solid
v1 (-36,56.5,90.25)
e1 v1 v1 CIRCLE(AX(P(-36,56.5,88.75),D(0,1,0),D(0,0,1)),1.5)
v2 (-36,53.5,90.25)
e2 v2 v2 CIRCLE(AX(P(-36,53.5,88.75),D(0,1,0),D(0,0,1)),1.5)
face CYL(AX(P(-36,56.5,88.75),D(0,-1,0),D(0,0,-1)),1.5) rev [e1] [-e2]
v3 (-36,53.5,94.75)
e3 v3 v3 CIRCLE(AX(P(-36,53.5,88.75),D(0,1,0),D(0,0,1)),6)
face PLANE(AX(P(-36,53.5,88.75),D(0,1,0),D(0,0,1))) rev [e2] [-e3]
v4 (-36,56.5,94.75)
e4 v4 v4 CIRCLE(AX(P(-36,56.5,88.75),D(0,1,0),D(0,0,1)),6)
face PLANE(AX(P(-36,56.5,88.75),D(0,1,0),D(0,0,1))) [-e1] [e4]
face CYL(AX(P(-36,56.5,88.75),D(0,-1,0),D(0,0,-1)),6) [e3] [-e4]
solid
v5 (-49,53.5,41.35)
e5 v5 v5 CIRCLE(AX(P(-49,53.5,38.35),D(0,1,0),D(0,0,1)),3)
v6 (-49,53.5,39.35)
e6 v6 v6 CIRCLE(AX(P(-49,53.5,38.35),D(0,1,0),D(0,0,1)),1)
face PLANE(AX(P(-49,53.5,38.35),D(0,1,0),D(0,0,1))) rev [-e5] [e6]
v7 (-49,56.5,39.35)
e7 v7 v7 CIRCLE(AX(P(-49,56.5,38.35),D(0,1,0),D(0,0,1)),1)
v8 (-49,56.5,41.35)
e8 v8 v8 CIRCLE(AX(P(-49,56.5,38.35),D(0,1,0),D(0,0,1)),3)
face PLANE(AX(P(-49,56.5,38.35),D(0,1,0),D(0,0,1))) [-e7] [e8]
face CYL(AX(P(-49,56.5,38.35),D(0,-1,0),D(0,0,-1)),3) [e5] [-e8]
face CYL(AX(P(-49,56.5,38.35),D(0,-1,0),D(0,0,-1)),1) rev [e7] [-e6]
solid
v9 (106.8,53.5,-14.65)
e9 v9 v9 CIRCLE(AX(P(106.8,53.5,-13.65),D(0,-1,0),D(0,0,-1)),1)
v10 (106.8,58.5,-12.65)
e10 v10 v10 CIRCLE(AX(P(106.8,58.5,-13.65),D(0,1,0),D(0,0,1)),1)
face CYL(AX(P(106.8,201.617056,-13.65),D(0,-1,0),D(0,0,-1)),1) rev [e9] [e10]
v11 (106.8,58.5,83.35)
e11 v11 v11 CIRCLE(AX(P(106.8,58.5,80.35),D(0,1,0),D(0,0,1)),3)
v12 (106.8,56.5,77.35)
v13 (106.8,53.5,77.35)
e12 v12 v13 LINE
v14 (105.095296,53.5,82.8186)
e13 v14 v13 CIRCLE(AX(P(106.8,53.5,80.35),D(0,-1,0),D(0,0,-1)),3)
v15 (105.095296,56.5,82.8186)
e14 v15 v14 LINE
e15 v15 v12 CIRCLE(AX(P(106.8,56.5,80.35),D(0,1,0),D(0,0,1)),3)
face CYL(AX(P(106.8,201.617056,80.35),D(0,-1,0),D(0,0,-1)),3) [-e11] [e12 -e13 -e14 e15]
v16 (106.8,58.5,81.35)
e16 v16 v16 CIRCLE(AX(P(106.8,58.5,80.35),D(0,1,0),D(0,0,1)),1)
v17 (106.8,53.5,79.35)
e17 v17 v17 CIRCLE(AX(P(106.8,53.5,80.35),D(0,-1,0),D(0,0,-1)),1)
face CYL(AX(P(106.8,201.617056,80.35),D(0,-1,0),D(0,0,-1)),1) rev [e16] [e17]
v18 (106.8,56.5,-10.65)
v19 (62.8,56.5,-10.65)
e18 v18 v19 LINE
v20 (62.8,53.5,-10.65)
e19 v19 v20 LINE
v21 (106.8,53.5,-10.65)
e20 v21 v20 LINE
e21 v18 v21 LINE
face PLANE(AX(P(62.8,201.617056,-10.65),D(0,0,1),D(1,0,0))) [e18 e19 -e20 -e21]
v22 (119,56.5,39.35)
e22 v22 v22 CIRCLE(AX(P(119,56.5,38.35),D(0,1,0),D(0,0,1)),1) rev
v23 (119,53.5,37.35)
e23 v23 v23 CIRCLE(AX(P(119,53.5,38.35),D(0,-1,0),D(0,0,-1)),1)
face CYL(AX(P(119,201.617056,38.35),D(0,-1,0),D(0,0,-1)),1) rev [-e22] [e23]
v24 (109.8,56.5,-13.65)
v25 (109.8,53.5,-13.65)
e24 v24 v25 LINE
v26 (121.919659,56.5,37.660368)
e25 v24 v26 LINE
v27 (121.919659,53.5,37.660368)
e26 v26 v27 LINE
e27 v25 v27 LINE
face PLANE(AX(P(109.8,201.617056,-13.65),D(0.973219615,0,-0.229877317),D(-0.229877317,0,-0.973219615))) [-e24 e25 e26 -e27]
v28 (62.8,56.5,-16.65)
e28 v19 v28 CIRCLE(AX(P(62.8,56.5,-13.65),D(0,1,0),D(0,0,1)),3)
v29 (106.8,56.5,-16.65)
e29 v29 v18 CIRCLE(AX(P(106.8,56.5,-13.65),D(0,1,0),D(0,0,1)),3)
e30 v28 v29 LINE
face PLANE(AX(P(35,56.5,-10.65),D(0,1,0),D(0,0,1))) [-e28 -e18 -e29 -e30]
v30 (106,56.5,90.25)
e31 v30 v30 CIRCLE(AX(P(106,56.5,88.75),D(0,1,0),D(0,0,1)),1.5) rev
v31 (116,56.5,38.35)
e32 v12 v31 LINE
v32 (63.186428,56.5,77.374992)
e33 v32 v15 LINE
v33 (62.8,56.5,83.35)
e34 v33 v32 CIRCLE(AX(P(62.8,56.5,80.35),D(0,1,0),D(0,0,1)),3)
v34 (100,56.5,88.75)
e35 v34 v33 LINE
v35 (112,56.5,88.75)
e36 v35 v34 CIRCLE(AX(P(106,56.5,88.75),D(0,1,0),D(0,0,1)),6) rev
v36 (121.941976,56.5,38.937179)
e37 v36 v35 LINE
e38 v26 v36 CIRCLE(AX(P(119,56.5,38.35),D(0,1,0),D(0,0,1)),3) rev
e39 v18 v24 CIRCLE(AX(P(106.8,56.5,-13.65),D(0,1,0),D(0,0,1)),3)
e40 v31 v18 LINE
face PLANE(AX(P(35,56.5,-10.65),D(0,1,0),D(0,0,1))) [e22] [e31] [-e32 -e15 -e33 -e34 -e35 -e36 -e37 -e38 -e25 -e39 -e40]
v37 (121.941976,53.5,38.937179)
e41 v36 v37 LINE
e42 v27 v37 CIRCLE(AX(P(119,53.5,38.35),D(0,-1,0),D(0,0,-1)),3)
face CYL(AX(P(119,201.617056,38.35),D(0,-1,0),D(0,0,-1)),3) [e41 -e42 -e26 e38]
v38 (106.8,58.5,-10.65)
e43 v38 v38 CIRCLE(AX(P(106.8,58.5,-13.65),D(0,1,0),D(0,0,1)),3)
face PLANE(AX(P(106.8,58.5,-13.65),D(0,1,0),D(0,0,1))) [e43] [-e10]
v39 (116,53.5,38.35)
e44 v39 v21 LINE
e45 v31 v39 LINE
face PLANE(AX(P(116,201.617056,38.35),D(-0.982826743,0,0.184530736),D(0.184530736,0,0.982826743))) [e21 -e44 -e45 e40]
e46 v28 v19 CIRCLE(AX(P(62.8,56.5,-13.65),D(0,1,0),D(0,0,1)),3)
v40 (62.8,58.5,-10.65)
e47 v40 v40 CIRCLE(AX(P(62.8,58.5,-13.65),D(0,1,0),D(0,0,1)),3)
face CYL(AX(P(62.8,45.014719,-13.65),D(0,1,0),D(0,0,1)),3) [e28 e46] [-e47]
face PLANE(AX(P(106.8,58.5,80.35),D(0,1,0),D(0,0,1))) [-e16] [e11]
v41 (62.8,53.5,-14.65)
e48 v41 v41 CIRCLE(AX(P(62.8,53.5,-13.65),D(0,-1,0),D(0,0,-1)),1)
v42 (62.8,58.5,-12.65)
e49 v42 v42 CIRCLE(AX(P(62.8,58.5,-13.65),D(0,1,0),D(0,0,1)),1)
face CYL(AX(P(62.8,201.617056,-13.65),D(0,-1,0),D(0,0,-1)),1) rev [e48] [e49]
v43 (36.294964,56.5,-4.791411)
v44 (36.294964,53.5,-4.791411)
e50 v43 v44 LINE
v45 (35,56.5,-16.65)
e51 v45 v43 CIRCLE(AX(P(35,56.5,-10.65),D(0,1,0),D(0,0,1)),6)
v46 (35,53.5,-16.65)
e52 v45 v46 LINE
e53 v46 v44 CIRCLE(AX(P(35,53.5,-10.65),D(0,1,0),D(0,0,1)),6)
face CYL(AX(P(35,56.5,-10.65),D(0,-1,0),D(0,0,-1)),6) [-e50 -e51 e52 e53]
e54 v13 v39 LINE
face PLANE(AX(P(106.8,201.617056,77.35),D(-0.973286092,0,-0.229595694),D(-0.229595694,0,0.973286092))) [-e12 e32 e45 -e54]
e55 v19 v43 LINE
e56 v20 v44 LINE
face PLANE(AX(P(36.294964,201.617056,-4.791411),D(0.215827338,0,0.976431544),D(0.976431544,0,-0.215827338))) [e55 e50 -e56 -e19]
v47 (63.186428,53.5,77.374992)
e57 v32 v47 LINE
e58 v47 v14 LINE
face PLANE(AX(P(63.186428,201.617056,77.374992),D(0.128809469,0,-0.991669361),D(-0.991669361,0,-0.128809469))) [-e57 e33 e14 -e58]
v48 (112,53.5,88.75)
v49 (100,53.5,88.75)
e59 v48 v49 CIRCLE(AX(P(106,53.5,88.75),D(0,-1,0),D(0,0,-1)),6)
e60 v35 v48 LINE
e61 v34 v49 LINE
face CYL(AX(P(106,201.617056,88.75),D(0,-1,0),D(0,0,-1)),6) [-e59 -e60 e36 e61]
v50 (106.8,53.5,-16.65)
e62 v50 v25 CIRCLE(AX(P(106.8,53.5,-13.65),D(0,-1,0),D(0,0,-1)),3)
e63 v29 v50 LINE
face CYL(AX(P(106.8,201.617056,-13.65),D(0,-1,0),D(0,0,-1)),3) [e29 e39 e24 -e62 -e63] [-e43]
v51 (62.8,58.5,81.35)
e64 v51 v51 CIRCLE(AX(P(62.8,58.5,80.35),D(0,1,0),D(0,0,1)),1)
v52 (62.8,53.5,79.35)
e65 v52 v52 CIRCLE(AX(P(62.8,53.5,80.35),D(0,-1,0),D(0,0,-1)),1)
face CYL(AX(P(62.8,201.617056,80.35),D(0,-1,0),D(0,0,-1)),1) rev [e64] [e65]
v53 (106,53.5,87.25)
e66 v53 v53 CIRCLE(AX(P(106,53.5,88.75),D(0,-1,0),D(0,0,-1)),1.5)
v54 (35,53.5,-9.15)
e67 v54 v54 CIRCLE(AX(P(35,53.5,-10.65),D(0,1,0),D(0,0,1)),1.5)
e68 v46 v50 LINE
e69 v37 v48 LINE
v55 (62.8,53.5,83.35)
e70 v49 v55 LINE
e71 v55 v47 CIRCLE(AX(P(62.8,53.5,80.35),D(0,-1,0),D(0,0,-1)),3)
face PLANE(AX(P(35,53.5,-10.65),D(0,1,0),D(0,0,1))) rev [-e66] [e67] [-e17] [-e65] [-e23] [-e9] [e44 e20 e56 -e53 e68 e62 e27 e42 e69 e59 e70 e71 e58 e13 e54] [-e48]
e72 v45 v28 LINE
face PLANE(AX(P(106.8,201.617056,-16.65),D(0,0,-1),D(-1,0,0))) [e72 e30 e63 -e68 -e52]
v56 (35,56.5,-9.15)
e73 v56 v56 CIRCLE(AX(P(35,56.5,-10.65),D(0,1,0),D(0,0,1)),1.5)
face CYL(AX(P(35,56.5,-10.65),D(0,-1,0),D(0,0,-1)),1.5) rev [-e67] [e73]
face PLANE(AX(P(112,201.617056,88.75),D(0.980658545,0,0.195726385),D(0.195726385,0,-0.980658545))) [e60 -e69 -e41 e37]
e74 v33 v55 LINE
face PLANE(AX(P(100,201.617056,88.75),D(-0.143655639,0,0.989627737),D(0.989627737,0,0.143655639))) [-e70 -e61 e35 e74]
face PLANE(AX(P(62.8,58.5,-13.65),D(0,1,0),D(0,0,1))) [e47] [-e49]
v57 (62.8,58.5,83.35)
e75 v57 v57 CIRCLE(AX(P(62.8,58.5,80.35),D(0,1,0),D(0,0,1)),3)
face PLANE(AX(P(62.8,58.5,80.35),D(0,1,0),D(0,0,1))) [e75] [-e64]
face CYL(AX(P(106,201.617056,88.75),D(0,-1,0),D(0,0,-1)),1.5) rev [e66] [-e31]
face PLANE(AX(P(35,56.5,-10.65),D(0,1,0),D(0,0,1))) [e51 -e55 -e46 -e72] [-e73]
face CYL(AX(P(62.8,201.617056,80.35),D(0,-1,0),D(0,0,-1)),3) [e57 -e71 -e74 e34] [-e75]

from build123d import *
from build123d.topology import SkipClean

# Parameters (mm, degrees)
SKETCH1_R                         = 6
SKETCH1_R_2                       = 1.5
AUDIOHOLDER_LINKS_DEPTH           = 3
AUDIOHOLDER_LINKS_2_DEPTH         = 3
AUDIOHOLDER_LINKS_3_DEPTH         = 3
SKETCH1_R_3                       = 3
SKETCH1_R_4                       = 1
AUDIOHOLDER_LINKS_4_DEPTH         = 3
AUDIOHOLDER_LINKS_5_DEPTH         = 3
SKETCH3_R                         = 3
SKETCH3_R_2                       = 1
MODEM_STANDOFFS_DEPTH             = 2
MODEM_STANDOFFS_DIRECTION_2_REACH = 156.501
SKETCH4_R                         = 1
SKETCH4_R_2                       = 1.5
SCREWHOLE_LINKS_1_DEPTH           = 3


with BuildPart() as part:
    # Sketch1 → AudioHolder links (new body)
    with BuildSketch(Plane(origin=(0, 53.5, 0), x_dir=(1, 0, 0), z_dir=(0, 1, 0))):
        with Locations(Location((-36, -88.75, 0), (0, 0, 270))):
            Circle(SKETCH1_R)
        with Locations(Location((-36, -88.75, 0), (0, 0, 270))):
            Circle(SKETCH1_R_2, mode=Mode.SUBTRACT)
    extrude(amount=AUDIOHOLDER_LINKS_DEPTH)


with BuildPart() as body_2:
    # Sketch1 → AudioHolder links 2 (new body)
    with BuildSketch(Plane(origin=(0, 53.5, 0), x_dir=(1, 0, 0), z_dir=(0, 1, 0))):
        with Locations(Location((35, 10.65, 0), (0, 0, 270))):
            Circle(SKETCH1_R)
        with Locations(Location((35, 10.65, 0), (0, 0, 270))):
            Circle(SKETCH1_R_2, mode=Mode.SUBTRACT)
    extrude(amount=AUDIOHOLDER_LINKS_2_DEPTH)



with BuildPart() as body_3:
    # Sketch1 → AudioHolder links 3 (new body)
    with BuildSketch(Plane(origin=(0, 53.5, 0), x_dir=(1, 0, 0), z_dir=(0, 1, 0))):
        with Locations(Location((106, -88.75, 0), (0, 0, 270))):
            Circle(SKETCH1_R)
        with Locations(Location((106, -88.75, 0), (0, 0, 270))):
            Circle(SKETCH1_R_2, mode=Mode.SUBTRACT)
    extrude(amount=AUDIOHOLDER_LINKS_3_DEPTH)

    # Sketch3 → Modem standoffs (add)
    # profile 1 of 4: a face of its own
    with BuildSketch(Plane(origin=(0, 56.5, 0), x_dir=(1, 0, 0), z_dir=(0, 1, 0))):
        with Locations(Location((106.8, 13.65, 0), (0, 0, 270))):
            Circle(SKETCH3_R)
        with Locations(Location((106.8, 13.65, 0), (0, 0, 270))):
            Circle(SKETCH3_R_2, mode=Mode.SUBTRACT)
    # profile 2 of 4: a face of its own
    with BuildSketch(Plane(origin=(0, 56.5, 0), x_dir=(1, 0, 0), z_dir=(0, 1, 0))):
        with Locations(Location((62.8, 13.65, 0), (0, 0, 270))):
            Circle(SKETCH3_R)
        with Locations(Location((62.8, 13.65, 0), (0, 0, 270))):
            Circle(SKETCH3_R_2, mode=Mode.SUBTRACT)
    # profile 3 of 4: a face of its own
    with BuildSketch(Plane(origin=(0, 56.5, 0), x_dir=(1, 0, 0), z_dir=(0, 1, 0))):
        with Locations(Location((62.8, -80.35, 0), (0, 0, 270))):
            Circle(SKETCH3_R)
        with Locations(Location((62.8, -80.35, 0), (0, 0, 270))):
            Circle(SKETCH3_R_2, mode=Mode.SUBTRACT)
    # profile 4 of 4: a face of its own
    with BuildSketch(Plane(origin=(0, 56.5, 0), x_dir=(1, 0, 0), z_dir=(0, 1, 0))):
        with Locations(Location((106.8, -80.35, 0), (0, 0, 270))):
            Circle(SKETCH3_R)
        with Locations(Location((106.8, -80.35, 0), (0, 0, 270))):
            Circle(SKETCH3_R_2, mode=Mode.SUBTRACT)
    extrude(amount=MODEM_STANDOFFS_DEPTH)

    # Modem standoffs direction 2: up to this face of the body (flat: up to its plane)
    modem_standoffs_direction_2_end = Plane(body_3.part.faces().sort_by_distance((106, 53.5, 82.919705627))[0])
    # Sketch3 → Modem standoffs direction 2 (add, up to the picked face)
    with BuildSketch(Plane(origin=(0, 56.5, 0), x_dir=(1, 0, 0), z_dir=(0, 1, 0)), mode=Mode.PRIVATE) as modem_standoffs_direction_2_sk1:
        with Locations(Location((106.8, 13.65, 0), (0, 0, 270))):
            Circle(SKETCH3_R)
        with Locations(Location((106.8, 13.65, 0), (0, 0, 270))):
            Circle(SKETCH3_R_2, mode=Mode.SUBTRACT)
    modem_standoffs_direction_2_tool1 = split(extrude(modem_standoffs_direction_2_sk1.sketch, amount=-MODEM_STANDOFFS_DIRECTION_2_REACH, mode=Mode.PRIVATE), bisect_by=modem_standoffs_direction_2_end, keep=Keep.BOTH, mode=Mode.PRIVATE)
    # Sketch3 → Modem standoffs direction 2 (add, up to the picked face)
    with BuildSketch(Plane(origin=(0, 56.5, 0), x_dir=(1, 0, 0), z_dir=(0, 1, 0)), mode=Mode.PRIVATE) as modem_standoffs_direction_2_sk2:
        with Locations(Location((62.8, 13.65, 0), (0, 0, 270))):
            Circle(SKETCH3_R)
        with Locations(Location((62.8, 13.65, 0), (0, 0, 270))):
            Circle(SKETCH3_R_2, mode=Mode.SUBTRACT)
    modem_standoffs_direction_2_tool2 = split(extrude(modem_standoffs_direction_2_sk2.sketch, amount=-MODEM_STANDOFFS_DIRECTION_2_REACH, mode=Mode.PRIVATE), bisect_by=modem_standoffs_direction_2_end, keep=Keep.BOTH, mode=Mode.PRIVATE)
    # Sketch3 → Modem standoffs direction 2 (add, up to the picked face)
    with BuildSketch(Plane(origin=(0, 56.5, 0), x_dir=(1, 0, 0), z_dir=(0, 1, 0)), mode=Mode.PRIVATE) as modem_standoffs_direction_2_sk3:
        with Locations(Location((62.8, -80.35, 0), (0, 0, 270))):
            Circle(SKETCH3_R)
        with Locations(Location((62.8, -80.35, 0), (0, 0, 270))):
            Circle(SKETCH3_R_2, mode=Mode.SUBTRACT)
    modem_standoffs_direction_2_tool3 = split(extrude(modem_standoffs_direction_2_sk3.sketch, amount=-MODEM_STANDOFFS_DIRECTION_2_REACH, mode=Mode.PRIVATE), bisect_by=modem_standoffs_direction_2_end, keep=Keep.BOTH, mode=Mode.PRIVATE)
    # Sketch3 → Modem standoffs direction 2 (add, up to the picked face)
    with BuildSketch(Plane(origin=(0, 56.5, 0), x_dir=(1, 0, 0), z_dir=(0, 1, 0)), mode=Mode.PRIVATE) as modem_standoffs_direction_2_sk4:
        with Locations(Location((106.8, -80.35, 0), (0, 0, 270))):
            Circle(SKETCH3_R)
        with Locations(Location((106.8, -80.35, 0), (0, 0, 270))):
            Circle(SKETCH3_R_2, mode=Mode.SUBTRACT)
    modem_standoffs_direction_2_tool4 = split(extrude(modem_standoffs_direction_2_sk4.sketch, amount=-MODEM_STANDOFFS_DIRECTION_2_REACH, mode=Mode.PRIVATE), bisect_by=modem_standoffs_direction_2_end, keep=Keep.BOTH, mode=Mode.PRIVATE)
    add(modem_standoffs_direction_2_tool1.solids().sort_by(Axis((106.8, 56.5, -16.565147), (0, -1, 0)))[0])
    add(modem_standoffs_direction_2_tool2.solids().sort_by(Axis((62.8, 56.5, -16.565147), (0, -1, 0)))[0])
    add(modem_standoffs_direction_2_tool3.solids().sort_by(Axis((62.8, 56.5, 77.434853), (0, -1, 0)))[0])
    add(modem_standoffs_direction_2_tool4.solids().sort_by(Axis((106.8, 56.5, 77.434853), (0, -1, 0)))[0])


with BuildPart() as body_4:
    # Sketch1 → AudioHolder links 4 (new body)
    with BuildSketch(Plane(origin=(0, 53.5, 0), x_dir=(1, 0, 0), z_dir=(0, 1, 0))):
        with Locations(Location((119, -38.35, 0), (0, 0, 270))):
            Circle(SKETCH1_R_3)
        with Locations(Location((119, -38.35, 0), (0, 0, 270))):
            Circle(SKETCH1_R_4, mode=Mode.SUBTRACT)
    extrude(amount=AUDIOHOLDER_LINKS_4_DEPTH)


with BuildPart() as body_5:
    # Sketch1 → AudioHolder links 5 (new body)
    with BuildSketch(Plane(origin=(0, 53.5, 0), x_dir=(1, 0, 0), z_dir=(0, 1, 0))):
        with Locations(Location((-49, -38.35, 0), (0, 0, 270))):
            Circle(SKETCH1_R_3)
        with Locations(Location((-49, -38.35, 0), (0, 0, 270))):
            Circle(SKETCH1_R_4, mode=Mode.SUBTRACT)
    extrude(amount=AUDIOHOLDER_LINKS_5_DEPTH)


with BuildPart() as modem_standoffs_piece_1:
    # of the separate pieces the step leaves, piece 1, a body of its own (modem_standoffs_pieces)
    add(body_3.part.solids().sort_by_distance((108.008074852, 56.5, 83.096007129))[0])


with BuildPart() as modem_standoffs_piece_2:
    # of the separate pieces the step leaves, piece 2, a body of its own (modem_standoffs_pieces)
    add(body_3.part.solids().sort_by_distance((62.8, 58.5, 83.35))[0])


with BuildPart() as modem_standoffs_piece_3:
    # of the separate pieces the step leaves, piece 3, a body of its own (modem_standoffs_pieces)
    add(body_3.part.solids().sort_by_distance((106.8, 58.5, -10.65))[0])


with BuildPart() as modem_standoffs_piece_4:
    # of the separate pieces the step leaves, piece 4, a body of its own (modem_standoffs_pieces)
    add(body_3.part.solids().sort_by_distance((62.8, 58.5, -10.65))[0])


with BuildPart() as body_2_1:
    with SkipClean():  # the faces are left unmerged after this step: merging them gives an invalid solid
        add(body_2.part)

        add(body_4.part)  # Screwhole links 1 merges body 4

        add(modem_standoffs_piece_1.part)  # Screwhole links 1 merges Modem standoffs piece 1

        add(modem_standoffs_piece_2.part)  # Screwhole links 1 merges Modem standoffs piece 2

        add(modem_standoffs_piece_3.part)  # Screwhole links 1 merges Modem standoffs piece 3

        add(modem_standoffs_piece_4.part)  # Screwhole links 1 merges Modem standoffs piece 4
        # Sketch4 → Screwhole links 1 (add)
        with BuildSketch(Plane.XZ.offset(-53.5)):
            with BuildLine():
                Line((109.8, -13.65), (121.919658846, 37.66036805))
                ThreePointArc((121.919658846, 37.66036805), (121.999541856, 38.297572397), (121.941975635, 38.937179156))
                Line((121.941975635, 38.937179156), (112, 88.75))
                ThreePointArc((112, 88.75), (106, 94.75), (100, 88.75))
                Line((100, 88.75), (62.8, 83.35))
                ThreePointArc((62.8, 83.35), (59.806254499, 80.156382136), (63.186428406, 77.374991918))
                Line((63.186428406, 77.374991918), (105.095295934, 82.818599613))
                ThreePointArc((105.095295934, 82.818599613), (103.935929572, 79.457195105), (106.8, 77.35))
                Line((106.8, 77.35), (116, 38.35))
                Line((116, 38.35), (106.8, -10.65))
                Line((106.8, -10.65), (62.8, -10.65))
                Line((62.8, -10.65), (36.294964029, -4.791410736))
                ThreePointArc((36.294964029, -4.791410736), (29.035457453, -9.998668895), (35, -16.65))
                Line((35, -16.65), (62.8, -16.65))
                Line((62.8, -16.65), (106.8, -16.65))
                ThreePointArc((106.8, -16.65), (108.921320344, -15.771320344), (109.8, -13.65))
            make_face()
            with Locations(Location((119, 38.35, 0), (0, 0, 270))):
                Circle(SKETCH4_R, mode=Mode.SUBTRACT)
            with Locations(Location((106.8, -13.65, 0), (0, 0, 270))):
                Circle(SKETCH4_R, mode=Mode.SUBTRACT)
            with Locations(Location((62.8, -13.65, 0), (0, 0, 270))):
                Circle(SKETCH4_R, mode=Mode.SUBTRACT)
            with Locations(Location((35, -10.65, 0), (0, 0, 90))):
                Circle(SKETCH4_R_2, mode=Mode.SUBTRACT)
            with Locations(Location((106, 88.75, 0), (0, 0, 270))):
                Circle(SKETCH4_R_2, mode=Mode.SUBTRACT)
            with Locations(Location((106.8, 80.35, 0), (0, 0, 270))):
                Circle(SKETCH4_R, mode=Mode.SUBTRACT)
            with Locations(Location((62.8, 80.35, 0), (0, 0, 270))):
                Circle(SKETCH4_R, mode=Mode.SUBTRACT)
        extrude(amount=-SCREWHOLE_LINKS_1_DEPTH)


solid = Compound([part.part, body_5.part, body_2_1.part])
